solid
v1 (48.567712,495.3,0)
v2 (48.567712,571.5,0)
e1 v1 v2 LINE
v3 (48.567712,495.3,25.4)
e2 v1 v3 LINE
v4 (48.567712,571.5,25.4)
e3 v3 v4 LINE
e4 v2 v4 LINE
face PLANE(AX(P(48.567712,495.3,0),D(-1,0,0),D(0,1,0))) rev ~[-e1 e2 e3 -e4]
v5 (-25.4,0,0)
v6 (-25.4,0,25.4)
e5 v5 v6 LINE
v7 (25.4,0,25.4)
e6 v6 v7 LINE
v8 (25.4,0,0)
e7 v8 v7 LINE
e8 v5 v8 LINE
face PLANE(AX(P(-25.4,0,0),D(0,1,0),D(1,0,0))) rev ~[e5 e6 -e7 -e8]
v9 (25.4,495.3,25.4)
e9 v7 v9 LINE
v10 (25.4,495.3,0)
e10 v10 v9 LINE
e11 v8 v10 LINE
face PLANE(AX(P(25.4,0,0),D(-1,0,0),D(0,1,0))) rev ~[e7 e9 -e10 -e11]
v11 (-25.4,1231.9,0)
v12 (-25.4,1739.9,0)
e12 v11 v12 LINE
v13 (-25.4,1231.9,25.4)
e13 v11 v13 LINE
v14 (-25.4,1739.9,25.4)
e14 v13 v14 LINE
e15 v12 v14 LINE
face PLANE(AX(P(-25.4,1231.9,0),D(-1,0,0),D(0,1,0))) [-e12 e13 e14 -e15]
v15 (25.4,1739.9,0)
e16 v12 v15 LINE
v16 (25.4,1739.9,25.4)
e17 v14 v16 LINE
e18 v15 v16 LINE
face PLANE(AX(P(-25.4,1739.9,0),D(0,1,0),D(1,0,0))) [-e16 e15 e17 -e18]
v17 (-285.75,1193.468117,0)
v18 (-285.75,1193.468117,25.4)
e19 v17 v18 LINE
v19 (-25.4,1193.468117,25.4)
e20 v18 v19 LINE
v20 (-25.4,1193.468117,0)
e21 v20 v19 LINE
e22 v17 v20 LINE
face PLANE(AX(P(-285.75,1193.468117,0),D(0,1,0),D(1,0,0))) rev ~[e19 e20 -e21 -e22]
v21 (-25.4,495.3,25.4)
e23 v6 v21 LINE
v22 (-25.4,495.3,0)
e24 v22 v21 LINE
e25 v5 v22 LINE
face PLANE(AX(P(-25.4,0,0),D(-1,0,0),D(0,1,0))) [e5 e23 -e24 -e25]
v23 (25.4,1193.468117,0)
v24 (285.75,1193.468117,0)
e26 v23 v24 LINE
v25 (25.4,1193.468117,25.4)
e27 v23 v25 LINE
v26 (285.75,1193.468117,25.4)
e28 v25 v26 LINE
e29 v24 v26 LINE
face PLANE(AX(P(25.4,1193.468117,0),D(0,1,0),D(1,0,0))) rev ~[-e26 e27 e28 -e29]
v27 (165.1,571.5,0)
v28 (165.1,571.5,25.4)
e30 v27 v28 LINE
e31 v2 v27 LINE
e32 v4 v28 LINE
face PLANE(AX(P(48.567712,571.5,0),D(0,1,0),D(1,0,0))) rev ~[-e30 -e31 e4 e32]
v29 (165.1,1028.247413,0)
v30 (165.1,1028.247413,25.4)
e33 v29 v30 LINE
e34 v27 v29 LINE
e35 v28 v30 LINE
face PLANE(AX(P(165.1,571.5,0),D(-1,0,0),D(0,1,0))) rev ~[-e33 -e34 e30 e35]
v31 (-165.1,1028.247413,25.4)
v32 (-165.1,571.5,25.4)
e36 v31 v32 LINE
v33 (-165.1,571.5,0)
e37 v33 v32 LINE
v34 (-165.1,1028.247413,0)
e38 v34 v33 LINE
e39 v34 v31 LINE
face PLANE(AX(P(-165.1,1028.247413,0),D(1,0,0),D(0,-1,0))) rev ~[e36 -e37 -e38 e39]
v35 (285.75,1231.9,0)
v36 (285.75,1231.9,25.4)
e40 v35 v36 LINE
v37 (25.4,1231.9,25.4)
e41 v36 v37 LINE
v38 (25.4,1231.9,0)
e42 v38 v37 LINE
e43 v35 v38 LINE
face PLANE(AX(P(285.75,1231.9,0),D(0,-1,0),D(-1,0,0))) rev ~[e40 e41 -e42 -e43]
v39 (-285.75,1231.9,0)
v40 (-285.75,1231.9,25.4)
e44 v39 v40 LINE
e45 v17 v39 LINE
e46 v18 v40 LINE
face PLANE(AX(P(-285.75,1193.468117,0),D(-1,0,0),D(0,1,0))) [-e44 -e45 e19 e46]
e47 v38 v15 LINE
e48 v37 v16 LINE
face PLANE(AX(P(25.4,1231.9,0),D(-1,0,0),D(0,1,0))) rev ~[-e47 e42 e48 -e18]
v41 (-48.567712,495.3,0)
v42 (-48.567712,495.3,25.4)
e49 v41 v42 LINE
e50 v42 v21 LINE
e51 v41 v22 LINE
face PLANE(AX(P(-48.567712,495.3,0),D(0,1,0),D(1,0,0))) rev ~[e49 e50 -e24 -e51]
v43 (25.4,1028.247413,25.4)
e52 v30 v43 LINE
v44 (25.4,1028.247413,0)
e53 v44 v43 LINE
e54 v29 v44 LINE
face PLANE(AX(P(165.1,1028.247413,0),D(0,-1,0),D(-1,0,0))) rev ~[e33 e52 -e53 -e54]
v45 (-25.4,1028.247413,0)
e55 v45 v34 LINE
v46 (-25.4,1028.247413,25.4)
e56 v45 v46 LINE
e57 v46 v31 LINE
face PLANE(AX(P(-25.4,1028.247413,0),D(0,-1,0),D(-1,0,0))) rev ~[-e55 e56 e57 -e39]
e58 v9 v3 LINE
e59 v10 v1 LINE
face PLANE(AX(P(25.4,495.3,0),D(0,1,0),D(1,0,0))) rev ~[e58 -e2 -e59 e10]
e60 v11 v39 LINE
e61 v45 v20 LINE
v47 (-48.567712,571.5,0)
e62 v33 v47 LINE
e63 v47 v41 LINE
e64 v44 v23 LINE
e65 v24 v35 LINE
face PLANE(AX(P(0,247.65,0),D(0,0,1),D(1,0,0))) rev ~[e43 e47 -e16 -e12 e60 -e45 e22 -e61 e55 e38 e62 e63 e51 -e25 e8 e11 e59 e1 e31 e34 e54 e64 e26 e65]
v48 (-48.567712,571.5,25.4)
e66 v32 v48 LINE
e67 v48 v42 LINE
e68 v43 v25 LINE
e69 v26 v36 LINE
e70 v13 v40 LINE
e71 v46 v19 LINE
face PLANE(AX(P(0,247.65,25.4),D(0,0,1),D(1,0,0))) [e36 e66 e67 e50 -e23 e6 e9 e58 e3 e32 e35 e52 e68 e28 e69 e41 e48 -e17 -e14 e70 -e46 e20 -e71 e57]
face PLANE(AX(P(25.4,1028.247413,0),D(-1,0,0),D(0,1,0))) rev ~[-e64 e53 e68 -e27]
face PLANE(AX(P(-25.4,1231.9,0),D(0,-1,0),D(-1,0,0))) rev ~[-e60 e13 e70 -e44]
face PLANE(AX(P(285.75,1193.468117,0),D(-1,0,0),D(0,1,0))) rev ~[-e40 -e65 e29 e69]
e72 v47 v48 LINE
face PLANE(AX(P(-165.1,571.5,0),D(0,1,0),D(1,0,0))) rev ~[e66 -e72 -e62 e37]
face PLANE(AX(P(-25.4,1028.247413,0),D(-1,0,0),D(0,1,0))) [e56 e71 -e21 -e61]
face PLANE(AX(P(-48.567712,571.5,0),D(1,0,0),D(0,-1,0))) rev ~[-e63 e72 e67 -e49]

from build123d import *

# Parameters (mm, degrees)
F0_W     = 50.8
F0_H     = 495.3
F0_W_2   = 23.167712307
F0_H_2   = 76.2
F0_H_3   = 145.5220067978
F0_H_4   = 311.2254058838
F0_H_5   = 165.2207044601
F0_W_3   = 260.35
F0_H_6   = 38.4318828583
F0_H_7   = 508
F1_DEPTH = 25.4


with BuildPart() as f1:
    # F0 (on Top) → F1 (new body)
    with BuildSketch(Plane.XY):
        with Locations((0, 247.65)):
            Rectangle(F0_W, F0_H)
        with Locations((-36.9838561535, 533.4)):
            Rectangle(F0_W_2, F0_H_2)
        with Locations((0, 533.4)):
            Rectangle(F0_W, F0_H_2)
        with Locations((36.9838561535, 533.4)):
            Rectangle(F0_W_2, F0_H_2)
        with Locations((-36.9838561535, 644.2610033989)):
            Rectangle(F0_W_2, F0_H_3)
        with Locations((36.9838561535, 644.2610033989)):
            Rectangle(F0_W_2, F0_H_3)
        Polygon((-48.567712307, 717.0220067978), (-25.4, 717.0220067978), (-25.4, 1028.2474126816), (-165.1, 1028.2474126816), (-165.1, 571.5), (-48.567712307, 571.5), align=None)
        with Locations((0, 872.6347097397)):
            Rectangle(F0_W, F0_H_4)
        Polygon((25.4, 1028.2474126816), (25.4, 717.0220067978), (48.567712307, 717.0220067978), (48.567712307, 571.5), (165.1, 571.5), (165.1, 1028.2474126816), align=None)
        with Locations((0, 1110.8577649117)):
            Rectangle(F0_W, F0_H_5)
        with Locations((-155.575, 1212.6840585709)):
            Rectangle(F0_W_3, F0_H_6)
        with Locations((0, 1212.6840585709)):
            Rectangle(F0_W, F0_H_6)
        with Locations((155.575, 1212.6840585709)):
            Rectangle(F0_W_3, F0_H_6)
        with Locations((0, 1485.9)):
            Rectangle(F0_W, F0_H_7)
        with Locations((0, 644.2610033989)):
            Rectangle(F0_W, F0_H_3)
    extrude(amount=F1_DEPTH)


solid = f1.part
